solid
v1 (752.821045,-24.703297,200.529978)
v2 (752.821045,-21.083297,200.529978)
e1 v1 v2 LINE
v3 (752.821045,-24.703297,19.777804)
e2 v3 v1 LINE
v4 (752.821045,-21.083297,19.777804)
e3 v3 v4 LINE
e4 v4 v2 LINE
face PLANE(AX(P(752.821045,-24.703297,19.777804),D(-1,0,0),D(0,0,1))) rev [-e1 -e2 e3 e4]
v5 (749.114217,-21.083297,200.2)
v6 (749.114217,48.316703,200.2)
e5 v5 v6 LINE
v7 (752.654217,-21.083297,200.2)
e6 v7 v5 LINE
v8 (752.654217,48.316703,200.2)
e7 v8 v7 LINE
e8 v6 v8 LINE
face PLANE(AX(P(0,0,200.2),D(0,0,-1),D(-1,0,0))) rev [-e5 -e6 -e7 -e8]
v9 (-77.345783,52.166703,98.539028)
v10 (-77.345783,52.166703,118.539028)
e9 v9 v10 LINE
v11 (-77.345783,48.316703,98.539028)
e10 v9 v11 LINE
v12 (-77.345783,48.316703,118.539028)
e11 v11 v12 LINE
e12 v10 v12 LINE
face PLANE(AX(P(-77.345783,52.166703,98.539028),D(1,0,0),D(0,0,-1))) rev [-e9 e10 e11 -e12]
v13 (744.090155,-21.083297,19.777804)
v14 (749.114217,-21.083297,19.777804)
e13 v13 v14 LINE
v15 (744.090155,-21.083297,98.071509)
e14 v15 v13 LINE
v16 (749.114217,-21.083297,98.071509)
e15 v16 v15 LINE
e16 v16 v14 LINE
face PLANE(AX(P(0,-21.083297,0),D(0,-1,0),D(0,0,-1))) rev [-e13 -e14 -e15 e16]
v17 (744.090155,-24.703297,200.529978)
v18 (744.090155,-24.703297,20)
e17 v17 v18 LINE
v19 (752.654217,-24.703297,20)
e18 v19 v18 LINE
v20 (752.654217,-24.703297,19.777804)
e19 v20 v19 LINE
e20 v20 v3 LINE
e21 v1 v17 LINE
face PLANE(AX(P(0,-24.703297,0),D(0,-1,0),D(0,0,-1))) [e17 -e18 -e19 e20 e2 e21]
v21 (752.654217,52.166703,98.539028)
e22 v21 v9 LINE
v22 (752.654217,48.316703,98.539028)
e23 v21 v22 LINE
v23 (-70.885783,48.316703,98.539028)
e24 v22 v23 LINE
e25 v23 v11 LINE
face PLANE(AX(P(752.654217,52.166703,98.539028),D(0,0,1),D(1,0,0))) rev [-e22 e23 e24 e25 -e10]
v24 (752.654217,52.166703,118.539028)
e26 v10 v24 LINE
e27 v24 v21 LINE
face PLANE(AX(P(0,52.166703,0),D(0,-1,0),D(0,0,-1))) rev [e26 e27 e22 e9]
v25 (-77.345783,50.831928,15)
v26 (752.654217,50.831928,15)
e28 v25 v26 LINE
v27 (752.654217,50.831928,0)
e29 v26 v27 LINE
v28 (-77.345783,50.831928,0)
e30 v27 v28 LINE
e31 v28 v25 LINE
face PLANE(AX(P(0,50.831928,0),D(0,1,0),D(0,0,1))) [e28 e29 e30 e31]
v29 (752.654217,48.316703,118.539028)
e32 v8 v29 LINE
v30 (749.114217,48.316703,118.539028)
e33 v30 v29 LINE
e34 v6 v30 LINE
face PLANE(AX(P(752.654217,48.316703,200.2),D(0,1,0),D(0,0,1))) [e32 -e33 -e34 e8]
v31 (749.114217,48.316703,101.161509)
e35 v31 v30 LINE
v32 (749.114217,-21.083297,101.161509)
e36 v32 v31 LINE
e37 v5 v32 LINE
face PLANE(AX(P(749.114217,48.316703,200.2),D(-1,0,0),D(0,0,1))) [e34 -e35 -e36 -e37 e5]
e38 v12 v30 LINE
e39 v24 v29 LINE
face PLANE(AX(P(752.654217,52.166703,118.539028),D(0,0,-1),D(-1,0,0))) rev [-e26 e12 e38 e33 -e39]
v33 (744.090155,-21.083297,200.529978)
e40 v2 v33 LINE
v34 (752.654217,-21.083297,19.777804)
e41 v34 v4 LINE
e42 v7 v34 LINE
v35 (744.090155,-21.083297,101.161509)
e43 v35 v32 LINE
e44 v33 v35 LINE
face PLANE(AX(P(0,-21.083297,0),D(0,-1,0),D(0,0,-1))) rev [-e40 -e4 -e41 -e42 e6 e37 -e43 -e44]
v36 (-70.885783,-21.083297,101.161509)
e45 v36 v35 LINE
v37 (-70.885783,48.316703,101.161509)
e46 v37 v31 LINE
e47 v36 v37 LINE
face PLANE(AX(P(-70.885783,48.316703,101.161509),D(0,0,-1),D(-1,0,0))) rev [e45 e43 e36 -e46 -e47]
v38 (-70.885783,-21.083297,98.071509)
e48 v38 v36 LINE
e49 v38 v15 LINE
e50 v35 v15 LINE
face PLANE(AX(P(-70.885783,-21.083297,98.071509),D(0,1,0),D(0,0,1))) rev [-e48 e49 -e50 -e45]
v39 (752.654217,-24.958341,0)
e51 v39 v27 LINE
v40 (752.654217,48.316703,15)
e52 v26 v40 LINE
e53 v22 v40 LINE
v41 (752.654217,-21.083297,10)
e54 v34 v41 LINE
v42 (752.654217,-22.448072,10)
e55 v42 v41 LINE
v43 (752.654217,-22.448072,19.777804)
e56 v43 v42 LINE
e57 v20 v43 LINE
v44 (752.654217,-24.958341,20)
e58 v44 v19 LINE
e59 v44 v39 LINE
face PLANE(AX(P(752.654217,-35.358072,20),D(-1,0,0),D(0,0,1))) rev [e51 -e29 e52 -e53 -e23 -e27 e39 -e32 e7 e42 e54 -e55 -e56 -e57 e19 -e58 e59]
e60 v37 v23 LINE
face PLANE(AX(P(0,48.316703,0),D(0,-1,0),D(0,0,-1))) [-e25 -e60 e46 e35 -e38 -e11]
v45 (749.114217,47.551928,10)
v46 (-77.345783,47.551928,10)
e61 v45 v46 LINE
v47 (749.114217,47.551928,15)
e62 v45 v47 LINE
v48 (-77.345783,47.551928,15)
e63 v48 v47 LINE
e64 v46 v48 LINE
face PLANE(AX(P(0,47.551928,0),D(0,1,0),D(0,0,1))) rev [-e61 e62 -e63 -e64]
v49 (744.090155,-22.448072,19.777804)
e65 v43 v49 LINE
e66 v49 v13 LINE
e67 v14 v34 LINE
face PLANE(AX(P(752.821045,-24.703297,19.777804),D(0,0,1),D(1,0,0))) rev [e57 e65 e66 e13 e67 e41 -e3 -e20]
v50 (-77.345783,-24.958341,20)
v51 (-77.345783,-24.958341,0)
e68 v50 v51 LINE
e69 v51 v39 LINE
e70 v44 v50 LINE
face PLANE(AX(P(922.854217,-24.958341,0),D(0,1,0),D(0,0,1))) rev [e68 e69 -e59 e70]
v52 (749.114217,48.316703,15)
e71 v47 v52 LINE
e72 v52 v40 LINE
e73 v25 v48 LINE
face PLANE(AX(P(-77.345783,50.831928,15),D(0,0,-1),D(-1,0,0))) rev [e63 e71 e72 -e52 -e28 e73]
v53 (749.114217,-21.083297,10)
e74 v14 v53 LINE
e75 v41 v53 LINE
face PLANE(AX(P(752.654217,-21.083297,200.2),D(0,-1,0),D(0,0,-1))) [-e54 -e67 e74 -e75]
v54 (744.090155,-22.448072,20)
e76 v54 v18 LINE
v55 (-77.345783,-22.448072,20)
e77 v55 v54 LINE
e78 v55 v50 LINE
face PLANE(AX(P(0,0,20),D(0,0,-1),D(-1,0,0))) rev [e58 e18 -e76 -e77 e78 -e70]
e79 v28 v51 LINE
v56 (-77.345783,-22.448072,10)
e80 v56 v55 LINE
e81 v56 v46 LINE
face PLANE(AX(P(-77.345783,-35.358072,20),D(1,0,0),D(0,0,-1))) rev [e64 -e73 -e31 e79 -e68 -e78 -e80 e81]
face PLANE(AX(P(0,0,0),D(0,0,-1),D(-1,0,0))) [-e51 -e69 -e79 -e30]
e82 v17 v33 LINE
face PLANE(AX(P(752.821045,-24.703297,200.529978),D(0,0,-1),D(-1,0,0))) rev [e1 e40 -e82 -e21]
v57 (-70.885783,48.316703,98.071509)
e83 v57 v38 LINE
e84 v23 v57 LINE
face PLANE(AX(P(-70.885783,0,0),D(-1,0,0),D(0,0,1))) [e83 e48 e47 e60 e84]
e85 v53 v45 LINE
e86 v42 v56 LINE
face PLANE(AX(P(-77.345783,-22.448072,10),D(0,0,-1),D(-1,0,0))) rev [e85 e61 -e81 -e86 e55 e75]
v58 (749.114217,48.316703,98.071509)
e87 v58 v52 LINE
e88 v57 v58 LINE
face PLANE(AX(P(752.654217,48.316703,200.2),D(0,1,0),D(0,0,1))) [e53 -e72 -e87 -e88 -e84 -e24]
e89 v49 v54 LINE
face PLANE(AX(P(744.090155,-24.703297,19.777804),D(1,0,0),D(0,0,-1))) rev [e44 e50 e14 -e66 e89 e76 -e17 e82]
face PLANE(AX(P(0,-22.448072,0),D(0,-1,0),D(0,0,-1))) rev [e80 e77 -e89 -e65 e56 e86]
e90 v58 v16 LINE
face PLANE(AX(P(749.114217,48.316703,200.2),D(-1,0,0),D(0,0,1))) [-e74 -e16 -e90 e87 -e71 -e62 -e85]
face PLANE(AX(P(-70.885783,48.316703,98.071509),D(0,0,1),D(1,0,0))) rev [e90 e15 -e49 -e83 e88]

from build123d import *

# Parameters (mm, degrees)
SKETCH_1_W          = 830
SKETCH_1_H          = 82.91
EXTRUDE_2_DEPTH     = 20
SKETCH_4_W          = 830
SKETCH_4_H          = 10
CUT_EXTRUDE_3_DEPTH = 70
SKETCH_5_W          = 830
SKETCH_5_H          = 15
EXTRUDE_3_DEPTH     = 3.28
SKETCH_6_W          = 3.54
SKETCH_6_H          = 69.4
EXTRUDE_5_DEPTH     = 200.2
SKETCH_8_W          = 20
SKETCH_8_H          = 10.39973114
CUT_EXTRUDE_5_DEPTH = 1000.2
SKETCH_9_W          = 8.730890719
SKETCH_9_H          = 180.752173936
EXTRUDE_6_DEPTH     = 3.62
SKETCH_10_W         = 3.09
SKETCH_10_H         = 69.4
EXTRUDE_7_DEPTH     = 820
SKETCH_13_W         = 830
SKETCH_13_H         = 20
EXTRUDE_18_DEPTH    = 3.85


with BuildPart() as part:
    # 草图1 → 凸台-拉伸2 (new body)
    with BuildSketch(Plane.XY):
        with Locations((337.654216889, 6.096927721)):
            Rectangle(SKETCH_1_W, SKETCH_1_H)
    extrude(amount=EXTRUDE_2_DEPTH)

    # 草图4 → 切除-拉伸3 (cut)
    with BuildSketch(Plane(origin=(0, 47.551927721, 0), x_dir=(1, 0, 0), z_dir=(0, 1, 0))):
        with Locations((337.654216889, -15)):
            Rectangle(SKETCH_4_W, SKETCH_4_H)
    extrude(amount=-CUT_EXTRUDE_3_DEPTH, mode=Mode.SUBTRACT)

    # 草图5 → 凸台-拉伸3 (add)
    with BuildSketch(Plane(origin=(0, 47.551927721, 0), x_dir=(1, 0, 0), z_dir=(0, 1, 0))):
        with Locations((337.654216889, -7.5)):
            Rectangle(SKETCH_5_W, SKETCH_5_H)
    extrude(amount=EXTRUDE_3_DEPTH)

    # 草图6 → 凸台-拉伸5 (add)
    with BuildSketch(Plane(origin=(752.654216889, 50.831927721, 0), x_dir=(-1, 0, 0), z_dir=(0, 0, -1))):
        with Locations((1.77, -37.215224989)):
            Rectangle(SKETCH_6_W, SKETCH_6_H)
    extrude(amount=-EXTRUDE_5_DEPTH)

    # 草图8 → 切除-拉伸5 (cut)
    with BuildSketch(Plane.ZY.offset(77.345783111)):
        with Locations((10, -30.158206709)):
            Rectangle(SKETCH_8_W, SKETCH_8_H)
    extrude(amount=-CUT_EXTRUDE_5_DEPTH, mode=Mode.SUBTRACT)

    # 草图9 → 凸台-拉伸6 (add)
    with BuildSketch(Plane.XZ.offset(21.083297268)):
        with Locations((748.455599967, 110.153891103)):
            Rectangle(SKETCH_9_W, SKETCH_9_H)
    extrude(amount=EXTRUDE_6_DEPTH)

    # 草图10 → 凸台-拉伸7 (add)
    with BuildSketch(Plane.ZY.offset(-749.114216889)):
        with Locations((99.616509489, 13.616702732)):
            Rectangle(SKETCH_10_W, SKETCH_10_H)
    extrude(amount=EXTRUDE_7_DEPTH)

    # 草图13 → 凸台-拉伸18 (add)
    with BuildSketch(Plane(origin=(0, 48.316702732, 0), x_dir=(1, 0, 0), z_dir=(0, 1, 0))):
        with Locations((337.654216889, -108.539027645)):
            Rectangle(SKETCH_13_W, SKETCH_13_H)
    extrude(amount=EXTRUDE_18_DEPTH)


solid = part.part
